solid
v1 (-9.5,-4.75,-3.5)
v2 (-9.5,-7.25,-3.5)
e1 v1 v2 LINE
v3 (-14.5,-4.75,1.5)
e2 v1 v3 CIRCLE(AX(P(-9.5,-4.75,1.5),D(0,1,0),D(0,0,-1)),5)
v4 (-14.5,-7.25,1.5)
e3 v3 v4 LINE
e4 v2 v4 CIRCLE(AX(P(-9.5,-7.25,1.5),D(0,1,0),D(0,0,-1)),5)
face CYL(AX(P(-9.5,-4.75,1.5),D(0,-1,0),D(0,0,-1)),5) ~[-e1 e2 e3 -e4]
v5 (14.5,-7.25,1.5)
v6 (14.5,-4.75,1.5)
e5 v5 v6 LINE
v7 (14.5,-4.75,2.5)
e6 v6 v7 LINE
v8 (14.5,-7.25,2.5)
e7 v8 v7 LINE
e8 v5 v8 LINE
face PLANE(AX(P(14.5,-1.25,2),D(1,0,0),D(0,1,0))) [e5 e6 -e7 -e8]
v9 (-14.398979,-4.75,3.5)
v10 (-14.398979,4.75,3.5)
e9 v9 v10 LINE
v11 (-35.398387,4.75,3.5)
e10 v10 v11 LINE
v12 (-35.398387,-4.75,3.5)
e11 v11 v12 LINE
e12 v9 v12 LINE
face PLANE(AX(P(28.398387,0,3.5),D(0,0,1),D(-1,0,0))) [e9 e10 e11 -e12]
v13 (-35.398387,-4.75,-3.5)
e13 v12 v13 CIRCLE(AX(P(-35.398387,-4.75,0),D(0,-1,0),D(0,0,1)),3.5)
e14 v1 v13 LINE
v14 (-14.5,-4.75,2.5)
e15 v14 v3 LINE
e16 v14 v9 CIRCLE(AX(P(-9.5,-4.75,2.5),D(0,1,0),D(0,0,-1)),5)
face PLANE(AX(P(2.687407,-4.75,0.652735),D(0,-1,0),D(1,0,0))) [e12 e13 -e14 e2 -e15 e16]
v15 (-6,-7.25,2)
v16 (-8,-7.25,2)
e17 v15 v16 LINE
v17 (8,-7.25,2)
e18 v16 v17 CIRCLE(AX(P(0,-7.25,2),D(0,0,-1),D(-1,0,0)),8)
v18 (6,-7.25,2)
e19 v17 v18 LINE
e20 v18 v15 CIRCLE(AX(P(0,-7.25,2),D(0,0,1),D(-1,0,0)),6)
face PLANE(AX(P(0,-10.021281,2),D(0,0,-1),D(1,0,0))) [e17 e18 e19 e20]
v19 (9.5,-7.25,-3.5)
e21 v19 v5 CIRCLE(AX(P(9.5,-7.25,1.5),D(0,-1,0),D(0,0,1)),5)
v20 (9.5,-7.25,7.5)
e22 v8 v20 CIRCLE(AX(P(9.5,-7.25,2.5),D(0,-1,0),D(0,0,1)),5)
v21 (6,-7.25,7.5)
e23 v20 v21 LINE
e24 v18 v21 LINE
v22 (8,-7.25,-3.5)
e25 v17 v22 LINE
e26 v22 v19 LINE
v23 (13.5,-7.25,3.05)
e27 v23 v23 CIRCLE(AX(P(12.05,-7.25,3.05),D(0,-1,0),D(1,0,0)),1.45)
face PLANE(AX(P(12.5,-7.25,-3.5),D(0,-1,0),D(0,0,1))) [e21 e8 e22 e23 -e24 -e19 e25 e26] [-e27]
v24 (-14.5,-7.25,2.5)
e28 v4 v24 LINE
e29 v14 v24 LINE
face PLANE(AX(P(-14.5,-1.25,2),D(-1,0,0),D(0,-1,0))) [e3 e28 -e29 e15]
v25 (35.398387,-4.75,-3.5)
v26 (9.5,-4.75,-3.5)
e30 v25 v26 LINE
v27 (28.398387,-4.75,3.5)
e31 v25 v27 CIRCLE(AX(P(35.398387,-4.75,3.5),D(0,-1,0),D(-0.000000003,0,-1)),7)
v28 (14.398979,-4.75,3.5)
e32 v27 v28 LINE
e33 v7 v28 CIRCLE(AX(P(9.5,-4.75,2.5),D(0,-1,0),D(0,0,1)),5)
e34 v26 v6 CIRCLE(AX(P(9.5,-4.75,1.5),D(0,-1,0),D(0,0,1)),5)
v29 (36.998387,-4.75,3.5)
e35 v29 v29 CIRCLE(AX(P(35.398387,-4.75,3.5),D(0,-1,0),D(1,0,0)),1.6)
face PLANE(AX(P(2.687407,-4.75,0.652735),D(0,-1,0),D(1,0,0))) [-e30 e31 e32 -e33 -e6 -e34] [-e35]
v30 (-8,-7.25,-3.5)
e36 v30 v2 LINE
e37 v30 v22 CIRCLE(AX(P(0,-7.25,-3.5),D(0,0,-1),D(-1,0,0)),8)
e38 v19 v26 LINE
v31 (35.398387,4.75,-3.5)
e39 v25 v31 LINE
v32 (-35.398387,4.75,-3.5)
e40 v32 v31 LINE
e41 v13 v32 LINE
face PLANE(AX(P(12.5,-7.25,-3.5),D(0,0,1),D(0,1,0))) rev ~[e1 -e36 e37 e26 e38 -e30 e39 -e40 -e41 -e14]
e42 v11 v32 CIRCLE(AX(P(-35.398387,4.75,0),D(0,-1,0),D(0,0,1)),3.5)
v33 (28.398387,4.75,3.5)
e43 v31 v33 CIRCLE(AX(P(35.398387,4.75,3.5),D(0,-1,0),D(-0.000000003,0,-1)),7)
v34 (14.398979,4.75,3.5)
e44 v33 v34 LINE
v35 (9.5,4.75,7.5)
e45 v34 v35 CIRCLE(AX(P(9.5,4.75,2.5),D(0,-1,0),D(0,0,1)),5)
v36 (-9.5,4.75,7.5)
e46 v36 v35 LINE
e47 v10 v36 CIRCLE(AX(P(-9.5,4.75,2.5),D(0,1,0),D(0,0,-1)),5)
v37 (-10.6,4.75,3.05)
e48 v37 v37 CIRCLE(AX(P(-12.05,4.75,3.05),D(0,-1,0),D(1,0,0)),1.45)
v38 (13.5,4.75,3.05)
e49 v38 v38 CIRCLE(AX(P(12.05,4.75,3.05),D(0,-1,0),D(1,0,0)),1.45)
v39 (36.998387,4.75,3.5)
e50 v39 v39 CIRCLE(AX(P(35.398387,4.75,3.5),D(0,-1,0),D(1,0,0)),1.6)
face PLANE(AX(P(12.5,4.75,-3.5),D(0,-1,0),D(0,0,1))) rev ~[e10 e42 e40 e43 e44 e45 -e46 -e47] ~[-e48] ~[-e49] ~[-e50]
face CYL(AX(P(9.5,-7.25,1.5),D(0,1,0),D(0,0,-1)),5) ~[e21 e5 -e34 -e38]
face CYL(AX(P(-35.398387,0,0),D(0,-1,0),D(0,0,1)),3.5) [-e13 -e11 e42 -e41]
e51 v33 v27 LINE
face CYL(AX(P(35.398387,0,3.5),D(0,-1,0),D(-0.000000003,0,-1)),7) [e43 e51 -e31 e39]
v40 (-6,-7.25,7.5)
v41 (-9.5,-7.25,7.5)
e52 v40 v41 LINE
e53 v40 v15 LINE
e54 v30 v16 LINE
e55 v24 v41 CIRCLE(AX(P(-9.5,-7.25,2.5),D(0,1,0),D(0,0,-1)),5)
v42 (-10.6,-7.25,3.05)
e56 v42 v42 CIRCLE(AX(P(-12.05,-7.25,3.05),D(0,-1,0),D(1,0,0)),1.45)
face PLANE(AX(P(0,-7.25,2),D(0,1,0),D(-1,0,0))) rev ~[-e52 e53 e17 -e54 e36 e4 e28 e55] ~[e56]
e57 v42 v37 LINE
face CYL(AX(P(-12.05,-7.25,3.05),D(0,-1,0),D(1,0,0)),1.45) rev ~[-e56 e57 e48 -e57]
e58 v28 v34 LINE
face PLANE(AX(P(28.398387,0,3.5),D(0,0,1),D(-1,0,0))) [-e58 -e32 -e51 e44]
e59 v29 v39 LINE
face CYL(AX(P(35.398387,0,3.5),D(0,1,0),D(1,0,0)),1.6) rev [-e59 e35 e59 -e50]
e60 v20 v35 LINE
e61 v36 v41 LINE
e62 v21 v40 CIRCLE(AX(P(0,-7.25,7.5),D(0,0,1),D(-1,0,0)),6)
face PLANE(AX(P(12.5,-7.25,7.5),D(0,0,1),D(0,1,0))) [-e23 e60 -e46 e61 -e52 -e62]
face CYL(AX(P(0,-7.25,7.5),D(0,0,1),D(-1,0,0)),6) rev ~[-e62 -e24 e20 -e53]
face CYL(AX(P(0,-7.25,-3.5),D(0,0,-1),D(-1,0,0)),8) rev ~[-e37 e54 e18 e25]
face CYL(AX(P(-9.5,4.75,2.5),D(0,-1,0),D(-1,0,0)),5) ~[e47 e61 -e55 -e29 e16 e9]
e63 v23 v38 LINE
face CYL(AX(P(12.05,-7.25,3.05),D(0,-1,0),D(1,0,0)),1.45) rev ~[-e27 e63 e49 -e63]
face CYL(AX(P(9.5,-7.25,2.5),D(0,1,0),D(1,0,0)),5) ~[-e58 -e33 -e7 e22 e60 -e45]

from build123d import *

# Parameters (mm, degrees)
F0_R      = 1.6
F1_DEPTH  = 4.75
F2_W      = 25
F2_H      = 11
F3_DEPTH  = 12
F5_DEPTH  = 6
F7_DEPTH  = 5.5
F8_W      = 12
F8_H      = 11
F9_DEPTH  = 2
F10_W     = 12
F10_H     = 11
F11_DEPTH = 2
F12_R     = 1.45
F14_DEPTH = 25
F13_R     = 1.45
F15_DEPTH = 25
F16_R     = 5


with BuildPart() as f1:
    # F0 (on Front) → F1 (new body, symmetric)
    with BuildSketch(Plane.XZ):
        with BuildLine():
            ThreePointArc((35.398387, -3.5), (40.348135, 8.449747), (28.398387, 3.5))
            Line((28.398387, 3.5), (-35.398387, 3.5))
            ThreePointArc((-35.398387, 3.5), (-38.898387, 0), (-35.398387, -3.5))
            Line((-35.398387, -3.5), (35.398387, -3.5))
        make_face()
        with Locations((35.398387, 3.5)):
            Circle(F0_R, mode=Mode.SUBTRACT)
    extrude(amount=F1_DEPTH, both=True)

    # F2 (on face) → F3 (join)
    with BuildSketch(Plane(origin=(0, 4.75, 0), x_dir=(-1, 0, 0), z_dir=(0, 1, 0))):
        with Locations((0, 2)):
            Rectangle(F2_W, F2_H)
    extrude(amount=-F3_DEPTH)

    # F4 (on face) → F5 (cut)
    with BuildSketch(Plane.XY.offset(7.5)):
        with BuildLine():
            Line((-6, -7.25), (6, -7.25))
            ThreePointArc((6, -7.25), (0, -1.25), (-6, -7.25))
        make_face()
        with BuildLine():
            ThreePointArc((-6, -7.25), (0, -13.25), (6, -7.25))
            Line((6, -7.25), (-6, -7.25))
        make_face()
    extrude(amount=-F5_DEPTH, mode=Mode.SUBTRACT)

    # F6 (on face) → F7 (cut)
    with BuildSketch(Plane(origin=(0, 0, -3.5), x_dir=(1, 0, 0), z_dir=(0, 0, -1))):
        with BuildLine():
            Line((-8, 7.25), (8, 7.25))
            ThreePointArc((8, 7.25), (0, 15.25), (-8, 7.25))
        make_face()
        with BuildLine():
            ThreePointArc((-8, 7.25), (0, -0.75), (8, 7.25))
            Line((8, 7.25), (-8, 7.25))
        make_face()
    extrude(amount=-F7_DEPTH, mode=Mode.SUBTRACT)

    # F8 (on face) → F9 (join)
    with BuildSketch(Plane.YZ.offset(12.5)):
        with Locations((-1.25, 2)):
            Rectangle(F8_W, F8_H)
    extrude(amount=F9_DEPTH)

    # F10 (on face) → F11 (join)
    with BuildSketch(Plane(origin=(-12.5, 0, 0), x_dir=(0, -1, 0), z_dir=(-1, 0, 0))):
        with Locations((1.25, 2)):
            Rectangle(F10_W, F10_H)
    extrude(amount=F11_DEPTH)

    # F12 (on face) → F14 (cut)
    with BuildSketch(Plane.XZ.offset(7.25)):
        with Locations((-12.05, 3.05)):
            Circle(F12_R)
    extrude(amount=-F14_DEPTH, mode=Mode.SUBTRACT)

    # F13 (on face) → F15 (cut)
    with BuildSketch(Plane.XZ.offset(7.25)):
        with Locations((12.05, 3.05)):
            Circle(F13_R)
    extrude(amount=-F15_DEPTH, mode=Mode.SUBTRACT)

    # F16
    f16_edges = [f1.edges().sort_by_distance(p)[0] for p in [
        (-14.5, -6, -3.5),
        (-14.5, -1.25, 7.5),
        (14.5, -6, -3.5),
        (14.5, -1.25, 7.5),
    ]]
    fillet(f16_edges, radius=F16_R)


solid = f1.part
